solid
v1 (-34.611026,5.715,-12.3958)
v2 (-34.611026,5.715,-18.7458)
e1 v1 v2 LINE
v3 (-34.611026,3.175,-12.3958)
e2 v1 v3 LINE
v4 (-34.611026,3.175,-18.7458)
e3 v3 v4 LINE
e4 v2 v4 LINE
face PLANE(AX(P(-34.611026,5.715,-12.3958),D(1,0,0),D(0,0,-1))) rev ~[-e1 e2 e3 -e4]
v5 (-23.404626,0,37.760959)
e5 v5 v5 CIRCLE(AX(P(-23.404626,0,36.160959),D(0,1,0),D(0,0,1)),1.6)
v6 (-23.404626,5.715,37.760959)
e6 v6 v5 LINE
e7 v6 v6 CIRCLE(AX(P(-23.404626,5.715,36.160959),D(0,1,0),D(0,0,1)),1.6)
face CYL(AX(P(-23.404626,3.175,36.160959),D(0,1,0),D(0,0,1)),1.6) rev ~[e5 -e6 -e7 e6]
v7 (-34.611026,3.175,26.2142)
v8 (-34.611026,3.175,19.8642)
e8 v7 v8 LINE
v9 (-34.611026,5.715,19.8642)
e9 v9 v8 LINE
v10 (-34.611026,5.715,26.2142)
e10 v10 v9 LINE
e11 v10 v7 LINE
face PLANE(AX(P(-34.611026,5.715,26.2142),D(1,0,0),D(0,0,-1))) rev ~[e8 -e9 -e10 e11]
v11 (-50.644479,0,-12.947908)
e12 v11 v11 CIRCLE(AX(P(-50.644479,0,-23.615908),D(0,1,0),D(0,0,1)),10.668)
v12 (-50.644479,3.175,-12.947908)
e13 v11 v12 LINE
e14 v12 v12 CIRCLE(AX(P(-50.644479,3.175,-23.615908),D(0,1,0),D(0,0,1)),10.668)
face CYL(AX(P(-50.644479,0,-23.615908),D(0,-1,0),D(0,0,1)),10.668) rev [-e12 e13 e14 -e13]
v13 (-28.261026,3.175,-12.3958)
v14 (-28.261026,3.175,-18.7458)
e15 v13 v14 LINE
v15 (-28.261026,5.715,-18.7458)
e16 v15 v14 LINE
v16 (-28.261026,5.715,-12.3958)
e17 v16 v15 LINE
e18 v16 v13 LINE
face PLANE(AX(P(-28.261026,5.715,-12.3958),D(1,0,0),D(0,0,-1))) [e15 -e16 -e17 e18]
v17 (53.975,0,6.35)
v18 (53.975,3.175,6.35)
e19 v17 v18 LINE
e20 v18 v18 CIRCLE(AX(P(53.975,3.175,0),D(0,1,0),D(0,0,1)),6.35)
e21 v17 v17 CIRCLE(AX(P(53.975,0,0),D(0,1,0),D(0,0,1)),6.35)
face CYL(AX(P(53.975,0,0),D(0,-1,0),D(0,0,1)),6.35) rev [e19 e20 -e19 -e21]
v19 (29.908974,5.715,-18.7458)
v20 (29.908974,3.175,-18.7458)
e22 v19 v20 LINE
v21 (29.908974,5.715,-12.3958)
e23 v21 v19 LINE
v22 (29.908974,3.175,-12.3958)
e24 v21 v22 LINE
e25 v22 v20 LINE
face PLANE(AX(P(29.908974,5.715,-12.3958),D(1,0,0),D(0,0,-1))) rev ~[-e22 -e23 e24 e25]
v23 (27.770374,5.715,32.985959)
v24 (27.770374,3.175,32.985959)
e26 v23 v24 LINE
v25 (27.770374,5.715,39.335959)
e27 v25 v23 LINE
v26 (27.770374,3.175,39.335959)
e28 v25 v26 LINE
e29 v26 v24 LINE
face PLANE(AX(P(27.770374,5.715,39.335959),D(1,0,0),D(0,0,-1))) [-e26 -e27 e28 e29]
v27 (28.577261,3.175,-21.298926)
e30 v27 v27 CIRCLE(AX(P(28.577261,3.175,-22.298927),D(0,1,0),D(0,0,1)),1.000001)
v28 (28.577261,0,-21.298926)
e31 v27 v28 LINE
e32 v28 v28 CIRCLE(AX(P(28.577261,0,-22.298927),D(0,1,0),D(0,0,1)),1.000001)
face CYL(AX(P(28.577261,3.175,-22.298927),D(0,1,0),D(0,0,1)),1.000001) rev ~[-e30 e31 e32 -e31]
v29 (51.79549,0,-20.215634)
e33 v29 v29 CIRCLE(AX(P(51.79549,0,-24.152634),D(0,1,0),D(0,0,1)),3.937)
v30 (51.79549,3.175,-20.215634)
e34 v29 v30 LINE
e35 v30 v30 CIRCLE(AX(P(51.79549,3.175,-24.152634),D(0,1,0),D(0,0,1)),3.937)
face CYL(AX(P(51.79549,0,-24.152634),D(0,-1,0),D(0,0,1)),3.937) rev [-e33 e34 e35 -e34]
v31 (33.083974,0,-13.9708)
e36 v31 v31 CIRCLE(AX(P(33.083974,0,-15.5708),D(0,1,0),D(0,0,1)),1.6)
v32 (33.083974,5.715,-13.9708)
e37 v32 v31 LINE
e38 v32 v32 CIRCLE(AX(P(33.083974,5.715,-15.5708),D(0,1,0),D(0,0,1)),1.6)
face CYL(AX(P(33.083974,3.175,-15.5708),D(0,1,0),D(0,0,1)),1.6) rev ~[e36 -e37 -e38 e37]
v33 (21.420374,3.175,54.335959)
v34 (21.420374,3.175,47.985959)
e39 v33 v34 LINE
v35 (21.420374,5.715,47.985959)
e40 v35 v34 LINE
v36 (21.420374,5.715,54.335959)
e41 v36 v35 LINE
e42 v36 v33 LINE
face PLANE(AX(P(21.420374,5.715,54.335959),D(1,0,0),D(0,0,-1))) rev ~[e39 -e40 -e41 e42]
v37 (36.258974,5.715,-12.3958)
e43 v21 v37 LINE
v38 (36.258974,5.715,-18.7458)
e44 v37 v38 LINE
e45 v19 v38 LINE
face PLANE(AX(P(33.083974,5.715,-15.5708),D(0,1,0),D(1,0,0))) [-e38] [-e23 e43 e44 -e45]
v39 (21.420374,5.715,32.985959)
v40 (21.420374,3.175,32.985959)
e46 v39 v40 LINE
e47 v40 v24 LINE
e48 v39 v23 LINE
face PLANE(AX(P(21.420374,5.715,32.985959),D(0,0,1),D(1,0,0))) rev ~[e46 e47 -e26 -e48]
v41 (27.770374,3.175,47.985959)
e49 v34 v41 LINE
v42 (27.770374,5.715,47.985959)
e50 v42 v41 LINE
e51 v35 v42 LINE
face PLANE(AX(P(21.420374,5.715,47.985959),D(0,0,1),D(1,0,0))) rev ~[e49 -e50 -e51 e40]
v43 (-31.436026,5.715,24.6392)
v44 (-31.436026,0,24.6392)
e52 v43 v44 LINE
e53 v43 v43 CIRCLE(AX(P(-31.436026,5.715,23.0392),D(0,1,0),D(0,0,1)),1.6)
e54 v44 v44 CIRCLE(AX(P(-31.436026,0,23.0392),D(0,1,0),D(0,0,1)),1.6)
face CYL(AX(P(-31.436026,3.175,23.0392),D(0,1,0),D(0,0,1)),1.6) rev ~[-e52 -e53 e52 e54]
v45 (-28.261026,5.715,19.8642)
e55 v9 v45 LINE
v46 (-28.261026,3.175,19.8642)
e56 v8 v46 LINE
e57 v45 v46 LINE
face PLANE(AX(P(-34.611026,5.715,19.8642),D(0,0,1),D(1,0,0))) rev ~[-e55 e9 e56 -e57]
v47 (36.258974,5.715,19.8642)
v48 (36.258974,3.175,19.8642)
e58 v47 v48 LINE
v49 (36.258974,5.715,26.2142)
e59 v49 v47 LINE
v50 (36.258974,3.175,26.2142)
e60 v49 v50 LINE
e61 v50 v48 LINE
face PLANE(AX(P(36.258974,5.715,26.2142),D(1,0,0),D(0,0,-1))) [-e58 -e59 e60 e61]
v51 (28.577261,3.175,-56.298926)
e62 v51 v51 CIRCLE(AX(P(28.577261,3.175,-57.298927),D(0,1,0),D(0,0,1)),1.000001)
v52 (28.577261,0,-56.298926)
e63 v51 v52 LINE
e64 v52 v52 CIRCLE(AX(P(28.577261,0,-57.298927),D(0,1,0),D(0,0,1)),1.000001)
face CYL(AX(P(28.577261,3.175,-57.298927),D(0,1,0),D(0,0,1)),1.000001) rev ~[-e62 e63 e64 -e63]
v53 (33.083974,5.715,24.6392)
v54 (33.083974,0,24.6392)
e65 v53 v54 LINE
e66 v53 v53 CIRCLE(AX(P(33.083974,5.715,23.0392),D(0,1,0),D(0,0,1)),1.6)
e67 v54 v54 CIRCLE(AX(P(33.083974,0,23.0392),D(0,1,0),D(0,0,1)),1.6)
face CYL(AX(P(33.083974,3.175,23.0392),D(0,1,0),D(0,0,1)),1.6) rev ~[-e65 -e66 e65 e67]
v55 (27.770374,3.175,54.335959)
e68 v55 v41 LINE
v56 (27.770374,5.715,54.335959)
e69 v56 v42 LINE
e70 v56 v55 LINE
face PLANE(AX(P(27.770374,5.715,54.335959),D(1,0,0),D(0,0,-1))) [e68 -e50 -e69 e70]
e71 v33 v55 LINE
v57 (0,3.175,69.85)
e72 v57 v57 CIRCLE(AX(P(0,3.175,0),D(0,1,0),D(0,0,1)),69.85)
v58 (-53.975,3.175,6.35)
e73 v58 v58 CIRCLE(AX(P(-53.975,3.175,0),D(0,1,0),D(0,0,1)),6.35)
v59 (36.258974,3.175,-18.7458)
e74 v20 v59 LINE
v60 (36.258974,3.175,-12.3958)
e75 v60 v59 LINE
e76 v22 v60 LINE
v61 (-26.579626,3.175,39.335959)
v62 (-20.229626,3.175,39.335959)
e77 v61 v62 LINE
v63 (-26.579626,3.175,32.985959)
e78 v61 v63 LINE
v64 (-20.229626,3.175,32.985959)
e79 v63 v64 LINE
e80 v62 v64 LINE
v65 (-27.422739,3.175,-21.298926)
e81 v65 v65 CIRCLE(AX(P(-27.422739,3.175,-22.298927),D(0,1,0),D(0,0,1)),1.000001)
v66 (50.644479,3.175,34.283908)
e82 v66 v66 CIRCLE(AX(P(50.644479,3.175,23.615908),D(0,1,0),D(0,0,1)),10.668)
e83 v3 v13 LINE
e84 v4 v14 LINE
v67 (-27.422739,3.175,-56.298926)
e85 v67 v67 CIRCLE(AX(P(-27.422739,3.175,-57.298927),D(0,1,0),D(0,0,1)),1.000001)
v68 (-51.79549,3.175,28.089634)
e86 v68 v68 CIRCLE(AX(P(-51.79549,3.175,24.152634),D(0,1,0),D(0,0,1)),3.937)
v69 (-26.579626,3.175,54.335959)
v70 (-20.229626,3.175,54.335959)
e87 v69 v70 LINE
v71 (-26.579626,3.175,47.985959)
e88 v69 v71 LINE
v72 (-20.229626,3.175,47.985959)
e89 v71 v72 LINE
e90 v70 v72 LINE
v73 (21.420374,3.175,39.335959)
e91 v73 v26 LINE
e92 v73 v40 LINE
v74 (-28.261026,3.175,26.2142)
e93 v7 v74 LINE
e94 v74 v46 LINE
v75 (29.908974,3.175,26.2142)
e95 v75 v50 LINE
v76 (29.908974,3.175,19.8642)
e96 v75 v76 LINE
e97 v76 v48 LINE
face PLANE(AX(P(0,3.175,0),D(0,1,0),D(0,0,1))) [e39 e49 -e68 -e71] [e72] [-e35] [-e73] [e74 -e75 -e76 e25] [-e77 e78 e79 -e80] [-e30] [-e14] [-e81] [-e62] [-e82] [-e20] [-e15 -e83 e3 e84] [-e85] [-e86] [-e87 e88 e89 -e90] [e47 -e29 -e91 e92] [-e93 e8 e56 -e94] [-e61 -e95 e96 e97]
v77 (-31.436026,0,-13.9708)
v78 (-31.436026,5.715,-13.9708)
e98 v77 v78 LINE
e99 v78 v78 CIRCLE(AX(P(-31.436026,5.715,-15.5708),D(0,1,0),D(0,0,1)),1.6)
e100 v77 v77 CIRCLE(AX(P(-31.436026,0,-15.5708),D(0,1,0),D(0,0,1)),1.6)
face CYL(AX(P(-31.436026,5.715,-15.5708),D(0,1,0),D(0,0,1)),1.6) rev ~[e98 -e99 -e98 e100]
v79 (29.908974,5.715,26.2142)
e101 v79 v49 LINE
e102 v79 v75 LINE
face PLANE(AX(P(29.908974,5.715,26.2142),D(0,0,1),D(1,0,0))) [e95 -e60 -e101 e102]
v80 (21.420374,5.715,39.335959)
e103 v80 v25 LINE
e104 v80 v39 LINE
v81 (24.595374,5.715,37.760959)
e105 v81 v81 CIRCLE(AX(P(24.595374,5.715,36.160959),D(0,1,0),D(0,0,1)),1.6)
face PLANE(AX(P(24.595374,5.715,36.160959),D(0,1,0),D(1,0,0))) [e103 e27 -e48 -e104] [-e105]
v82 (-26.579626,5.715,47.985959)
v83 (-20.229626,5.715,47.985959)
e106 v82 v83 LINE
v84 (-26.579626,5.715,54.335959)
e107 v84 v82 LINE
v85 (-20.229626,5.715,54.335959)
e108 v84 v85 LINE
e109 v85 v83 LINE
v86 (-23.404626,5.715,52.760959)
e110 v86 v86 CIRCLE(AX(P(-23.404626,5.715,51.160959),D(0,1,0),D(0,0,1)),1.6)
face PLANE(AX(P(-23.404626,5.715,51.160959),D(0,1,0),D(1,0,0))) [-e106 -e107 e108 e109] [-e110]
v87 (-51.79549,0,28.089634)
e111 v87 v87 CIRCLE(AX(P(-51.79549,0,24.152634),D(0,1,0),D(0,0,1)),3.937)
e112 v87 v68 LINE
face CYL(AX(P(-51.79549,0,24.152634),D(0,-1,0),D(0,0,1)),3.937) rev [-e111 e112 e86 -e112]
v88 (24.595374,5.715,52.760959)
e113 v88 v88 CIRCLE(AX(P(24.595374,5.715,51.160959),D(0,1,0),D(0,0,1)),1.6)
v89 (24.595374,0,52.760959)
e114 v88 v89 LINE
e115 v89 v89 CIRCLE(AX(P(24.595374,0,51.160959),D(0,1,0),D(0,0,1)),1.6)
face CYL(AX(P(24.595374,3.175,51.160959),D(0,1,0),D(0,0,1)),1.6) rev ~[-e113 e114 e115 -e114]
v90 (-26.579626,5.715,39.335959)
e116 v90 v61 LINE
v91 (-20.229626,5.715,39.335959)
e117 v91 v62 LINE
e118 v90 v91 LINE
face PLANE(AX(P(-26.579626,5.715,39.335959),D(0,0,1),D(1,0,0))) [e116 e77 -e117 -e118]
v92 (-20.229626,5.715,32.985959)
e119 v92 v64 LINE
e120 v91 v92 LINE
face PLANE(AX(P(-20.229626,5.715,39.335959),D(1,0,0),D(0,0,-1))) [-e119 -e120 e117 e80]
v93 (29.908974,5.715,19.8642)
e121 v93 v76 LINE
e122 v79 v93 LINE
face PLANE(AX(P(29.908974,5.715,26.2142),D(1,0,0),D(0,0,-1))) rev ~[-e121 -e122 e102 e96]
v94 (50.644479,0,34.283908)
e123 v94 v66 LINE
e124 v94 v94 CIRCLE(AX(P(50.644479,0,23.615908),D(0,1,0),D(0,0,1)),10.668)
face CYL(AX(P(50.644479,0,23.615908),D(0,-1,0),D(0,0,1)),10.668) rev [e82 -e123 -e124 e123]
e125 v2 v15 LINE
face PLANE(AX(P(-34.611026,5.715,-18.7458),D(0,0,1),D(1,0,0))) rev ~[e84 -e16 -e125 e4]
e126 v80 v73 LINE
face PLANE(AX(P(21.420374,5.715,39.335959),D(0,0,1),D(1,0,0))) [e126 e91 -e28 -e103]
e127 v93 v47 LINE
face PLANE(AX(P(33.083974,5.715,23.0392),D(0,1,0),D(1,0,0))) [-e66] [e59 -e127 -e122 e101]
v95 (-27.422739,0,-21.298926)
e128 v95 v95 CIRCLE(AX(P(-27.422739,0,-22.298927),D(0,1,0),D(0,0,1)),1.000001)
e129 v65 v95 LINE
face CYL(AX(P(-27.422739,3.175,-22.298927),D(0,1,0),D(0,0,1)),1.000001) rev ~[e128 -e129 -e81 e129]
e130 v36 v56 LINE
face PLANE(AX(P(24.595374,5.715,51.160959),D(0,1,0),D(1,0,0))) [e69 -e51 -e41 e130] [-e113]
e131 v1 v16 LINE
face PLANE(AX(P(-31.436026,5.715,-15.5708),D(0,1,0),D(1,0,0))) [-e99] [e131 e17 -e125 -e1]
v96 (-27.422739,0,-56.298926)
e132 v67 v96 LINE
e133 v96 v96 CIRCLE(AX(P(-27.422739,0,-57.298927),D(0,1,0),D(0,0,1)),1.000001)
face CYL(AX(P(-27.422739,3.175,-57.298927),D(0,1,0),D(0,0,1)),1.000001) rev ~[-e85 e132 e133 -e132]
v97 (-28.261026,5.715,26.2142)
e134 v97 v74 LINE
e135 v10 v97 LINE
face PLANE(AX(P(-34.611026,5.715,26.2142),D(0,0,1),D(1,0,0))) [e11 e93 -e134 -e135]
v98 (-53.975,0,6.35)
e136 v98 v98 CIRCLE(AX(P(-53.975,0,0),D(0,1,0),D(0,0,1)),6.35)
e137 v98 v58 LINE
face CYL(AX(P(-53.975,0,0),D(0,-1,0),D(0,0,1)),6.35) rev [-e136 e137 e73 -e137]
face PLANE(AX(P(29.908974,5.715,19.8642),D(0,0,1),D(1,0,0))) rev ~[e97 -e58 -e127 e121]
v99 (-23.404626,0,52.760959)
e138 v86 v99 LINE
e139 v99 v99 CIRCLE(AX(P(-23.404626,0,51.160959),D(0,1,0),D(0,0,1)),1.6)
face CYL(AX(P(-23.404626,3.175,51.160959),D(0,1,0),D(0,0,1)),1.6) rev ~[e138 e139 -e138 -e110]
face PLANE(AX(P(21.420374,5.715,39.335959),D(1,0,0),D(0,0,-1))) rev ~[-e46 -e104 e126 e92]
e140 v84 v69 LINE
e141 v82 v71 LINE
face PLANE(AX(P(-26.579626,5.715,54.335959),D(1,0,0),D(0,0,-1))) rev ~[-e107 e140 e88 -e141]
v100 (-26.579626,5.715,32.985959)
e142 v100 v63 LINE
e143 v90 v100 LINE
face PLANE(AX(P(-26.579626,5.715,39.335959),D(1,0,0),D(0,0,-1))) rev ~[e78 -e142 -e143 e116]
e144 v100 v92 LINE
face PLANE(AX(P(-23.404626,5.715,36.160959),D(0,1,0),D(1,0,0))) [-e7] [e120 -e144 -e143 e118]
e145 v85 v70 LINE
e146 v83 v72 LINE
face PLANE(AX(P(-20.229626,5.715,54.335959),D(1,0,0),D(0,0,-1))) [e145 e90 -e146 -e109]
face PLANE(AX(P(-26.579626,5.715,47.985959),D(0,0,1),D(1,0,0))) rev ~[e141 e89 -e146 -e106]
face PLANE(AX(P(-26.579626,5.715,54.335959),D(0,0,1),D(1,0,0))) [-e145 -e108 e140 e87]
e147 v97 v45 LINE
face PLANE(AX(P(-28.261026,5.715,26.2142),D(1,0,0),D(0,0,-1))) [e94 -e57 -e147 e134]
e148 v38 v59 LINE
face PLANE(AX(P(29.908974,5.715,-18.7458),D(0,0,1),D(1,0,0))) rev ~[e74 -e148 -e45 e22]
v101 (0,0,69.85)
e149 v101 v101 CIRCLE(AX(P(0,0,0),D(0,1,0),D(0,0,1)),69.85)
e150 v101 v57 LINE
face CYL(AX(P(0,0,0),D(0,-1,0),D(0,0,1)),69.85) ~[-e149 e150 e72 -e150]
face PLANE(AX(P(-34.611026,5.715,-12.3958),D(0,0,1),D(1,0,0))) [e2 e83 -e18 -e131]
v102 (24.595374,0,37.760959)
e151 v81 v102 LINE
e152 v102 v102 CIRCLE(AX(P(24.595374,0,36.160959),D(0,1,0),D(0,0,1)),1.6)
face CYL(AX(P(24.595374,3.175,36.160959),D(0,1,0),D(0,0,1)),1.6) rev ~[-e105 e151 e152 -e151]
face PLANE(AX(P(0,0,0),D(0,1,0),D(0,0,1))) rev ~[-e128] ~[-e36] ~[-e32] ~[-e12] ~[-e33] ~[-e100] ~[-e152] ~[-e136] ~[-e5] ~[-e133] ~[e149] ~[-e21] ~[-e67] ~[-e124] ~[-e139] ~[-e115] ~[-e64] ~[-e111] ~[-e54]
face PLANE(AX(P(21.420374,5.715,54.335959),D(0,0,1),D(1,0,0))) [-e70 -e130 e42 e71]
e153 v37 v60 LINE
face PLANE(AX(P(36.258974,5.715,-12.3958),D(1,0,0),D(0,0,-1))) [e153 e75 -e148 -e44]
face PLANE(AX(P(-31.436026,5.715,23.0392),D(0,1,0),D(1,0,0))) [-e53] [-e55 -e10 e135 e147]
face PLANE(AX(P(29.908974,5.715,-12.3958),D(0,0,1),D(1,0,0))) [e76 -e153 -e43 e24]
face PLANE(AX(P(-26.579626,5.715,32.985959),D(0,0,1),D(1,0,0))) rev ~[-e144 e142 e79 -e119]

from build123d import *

# Parameters (mm, degrees)
SKETCH1_R           = 69.85
SKETCH1_R_2         = 3.937
SKETCH1_R_3         = 6.35
SKETCH1_R_4         = 10.668
BOSS_EXTRUDE1_DEPTH = 3.175
SKETCH5_R           = 1.00000054
CUT_EXTRUDE1_DEPTH  = 25.4
SKETCH2_R           = 1.600000102
SKETCH2_R_2         = 1.6
CUT_EXTRUDE2_DEPTH  = 25.4
BOSS_EXTRUDE2_START = 2.54
SKETCH2_9_W         = 6.35
SKETCH2_9_H         = 6.35
SKETCH2_9_R         = 1.6
SKETCH2_9_R_2       = 1.600000102
BOSS_EXTRUDE2_DEPTH = 2.54


with BuildPart() as part:
    # Sketch1 → Boss-Extrude1 (new body)
    with BuildSketch(Plane(origin=(0, 0, 0), x_dir=(1, 0, 0), z_dir=(0, 1, 0))):
        Circle(SKETCH1_R)
        with Locations((-51.795490029, -24.152633658)):
            Circle(SKETCH1_R_2, mode=Mode.SUBTRACT)
        with Locations((-53.975, 0)):
            Circle(SKETCH1_R_3, mode=Mode.SUBTRACT)
        with Locations((-50.64447914, 23.615908466)):
            Circle(SKETCH1_R_4, mode=Mode.SUBTRACT)
        with Locations((51.795490029, 24.152633658)):
            Circle(SKETCH1_R_2, mode=Mode.SUBTRACT)
        with Locations((53.975, 0)):
            Circle(SKETCH1_R_3, mode=Mode.SUBTRACT)
        with Locations((50.64447914, -23.615908466)):
            Circle(SKETCH1_R_4, mode=Mode.SUBTRACT)
    extrude(amount=BOSS_EXTRUDE1_DEPTH)

    # Sketch5 → Cut-Extrude1 (cut)
    with BuildSketch(Plane(origin=(0, 3.175, 0), x_dir=(1, 0, 0), z_dir=(0, 1, 0))):
        with Locations((-27.422738659, 57.298926561)):
            Circle(SKETCH5_R)
        with Locations((28.577261341, 57.298926561)):
            Circle(SKETCH5_R)
        with Locations((28.577261341, 22.298926561)):
            Circle(SKETCH5_R)
        with Locations((-27.422738659, 22.298926561)):
            Circle(SKETCH5_R)
    extrude(amount=-CUT_EXTRUDE1_DEPTH, mode=Mode.SUBTRACT)

    # Sketch2 → Cut-Extrude2 (cut)
    with BuildSketch(Plane(origin=(0, 3.175, 0), x_dir=(1, 0, 0), z_dir=(0, 1, 0))):
        with Locations((-23.404626028, -36.160958579)):
            Circle(SKETCH2_R)
        with Locations((24.595373972, -36.160958579)):
            Circle(SKETCH2_R)
        with Locations((-23.404626028, -51.160958579)):
            Circle(SKETCH2_R)
        with Locations((24.595373972, -51.160958579)):
            Circle(SKETCH2_R)
        with Locations((-31.436025901, 15.570800323)):
            Circle(SKETCH2_R_2)
        with Locations((33.083974099, 15.570800323)):
            Circle(SKETCH2_R)
        with Locations((-31.436025901, -23.039199677)):
            Circle(SKETCH2_R)
        with Locations((33.083974099, -23.039199677)):
            Circle(SKETCH2_R)
    extrude(amount=-CUT_EXTRUDE2_DEPTH, mode=Mode.SUBTRACT)

    # Sketch2<9> → Boss-Extrude2 (add)
    # profile 1 of 8: a face of its own
    with BuildSketch(Plane(origin=(0, 3.175, 0), x_dir=(1, 0, 0), z_dir=(0, 1, 0)).offset(BOSS_EXTRUDE2_START)):
        with Locations((-31.436025901, 15.570800323)):
            Rectangle(SKETCH2_9_W, SKETCH2_9_H)
        with Locations((-31.436025901, 15.570800323)):
            Circle(SKETCH2_9_R, mode=Mode.SUBTRACT)
    # profile 2 of 8: a face of its own
    with BuildSketch(Plane(origin=(0, 3.175, 0), x_dir=(1, 0, 0), z_dir=(0, 1, 0)).offset(BOSS_EXTRUDE2_START)):
        with Locations((-23.404626028, -36.160958579)):
            Rectangle(SKETCH2_9_W, SKETCH2_9_H)
        with Locations((-23.404626028, -36.160958579)):
            Circle(SKETCH2_9_R_2, mode=Mode.SUBTRACT)
    # profile 3 of 8: a face of its own
    with BuildSketch(Plane(origin=(0, 3.175, 0), x_dir=(1, 0, 0), z_dir=(0, 1, 0)).offset(BOSS_EXTRUDE2_START)):
        with Locations((24.595373972, -36.160958579)):
            Rectangle(SKETCH2_9_W, SKETCH2_9_H)
        with Locations((24.595373972, -36.160958579)):
            Circle(SKETCH2_9_R_2, mode=Mode.SUBTRACT)
    # profile 4 of 8: a face of its own
    with BuildSketch(Plane(origin=(0, 3.175, 0), x_dir=(1, 0, 0), z_dir=(0, 1, 0)).offset(BOSS_EXTRUDE2_START)):
        with Locations((-23.404626028, -51.160958579)):
            Rectangle(SKETCH2_9_W, SKETCH2_9_H)
        with Locations((-23.404626028, -51.160958579)):
            Circle(SKETCH2_9_R_2, mode=Mode.SUBTRACT)
    # profile 5 of 8: a face of its own
    with BuildSketch(Plane(origin=(0, 3.175, 0), x_dir=(1, 0, 0), z_dir=(0, 1, 0)).offset(BOSS_EXTRUDE2_START)):
        with Locations((24.595373972, -51.160958579)):
            Rectangle(SKETCH2_9_W, SKETCH2_9_H)
        with Locations((24.595373972, -51.160958579)):
            Circle(SKETCH2_9_R_2, mode=Mode.SUBTRACT)
    # profile 6 of 8: a face of its own
    with BuildSketch(Plane(origin=(0, 3.175, 0), x_dir=(1, 0, 0), z_dir=(0, 1, 0)).offset(BOSS_EXTRUDE2_START)):
        with Locations((-31.436025901, -23.039199677)):
            Rectangle(SKETCH2_9_W, SKETCH2_9_H)
        with Locations((-31.436025901, -23.039199677)):
            Circle(SKETCH2_9_R_2, mode=Mode.SUBTRACT)
    # profile 7 of 8: a face of its own
    with BuildSketch(Plane(origin=(0, 3.175, 0), x_dir=(1, 0, 0), z_dir=(0, 1, 0)).offset(BOSS_EXTRUDE2_START)):
        with Locations((33.083974099, -23.039199677)):
            Rectangle(SKETCH2_9_W, SKETCH2_9_H)
        with Locations((33.083974099, -23.039199677)):
            Circle(SKETCH2_9_R_2, mode=Mode.SUBTRACT)
    # profile 8 of 8: a face of its own
    with BuildSketch(Plane(origin=(0, 3.175, 0), x_dir=(1, 0, 0), z_dir=(0, 1, 0)).offset(BOSS_EXTRUDE2_START)):
        with Locations((33.083974099, 15.570800323)):
            Rectangle(SKETCH2_9_W, SKETCH2_9_H)
        with Locations((33.083974099, 15.570800323)):
            Circle(SKETCH2_9_R_2, mode=Mode.SUBTRACT)
    extrude(amount=-BOSS_EXTRUDE2_DEPTH)


solid = part.part
